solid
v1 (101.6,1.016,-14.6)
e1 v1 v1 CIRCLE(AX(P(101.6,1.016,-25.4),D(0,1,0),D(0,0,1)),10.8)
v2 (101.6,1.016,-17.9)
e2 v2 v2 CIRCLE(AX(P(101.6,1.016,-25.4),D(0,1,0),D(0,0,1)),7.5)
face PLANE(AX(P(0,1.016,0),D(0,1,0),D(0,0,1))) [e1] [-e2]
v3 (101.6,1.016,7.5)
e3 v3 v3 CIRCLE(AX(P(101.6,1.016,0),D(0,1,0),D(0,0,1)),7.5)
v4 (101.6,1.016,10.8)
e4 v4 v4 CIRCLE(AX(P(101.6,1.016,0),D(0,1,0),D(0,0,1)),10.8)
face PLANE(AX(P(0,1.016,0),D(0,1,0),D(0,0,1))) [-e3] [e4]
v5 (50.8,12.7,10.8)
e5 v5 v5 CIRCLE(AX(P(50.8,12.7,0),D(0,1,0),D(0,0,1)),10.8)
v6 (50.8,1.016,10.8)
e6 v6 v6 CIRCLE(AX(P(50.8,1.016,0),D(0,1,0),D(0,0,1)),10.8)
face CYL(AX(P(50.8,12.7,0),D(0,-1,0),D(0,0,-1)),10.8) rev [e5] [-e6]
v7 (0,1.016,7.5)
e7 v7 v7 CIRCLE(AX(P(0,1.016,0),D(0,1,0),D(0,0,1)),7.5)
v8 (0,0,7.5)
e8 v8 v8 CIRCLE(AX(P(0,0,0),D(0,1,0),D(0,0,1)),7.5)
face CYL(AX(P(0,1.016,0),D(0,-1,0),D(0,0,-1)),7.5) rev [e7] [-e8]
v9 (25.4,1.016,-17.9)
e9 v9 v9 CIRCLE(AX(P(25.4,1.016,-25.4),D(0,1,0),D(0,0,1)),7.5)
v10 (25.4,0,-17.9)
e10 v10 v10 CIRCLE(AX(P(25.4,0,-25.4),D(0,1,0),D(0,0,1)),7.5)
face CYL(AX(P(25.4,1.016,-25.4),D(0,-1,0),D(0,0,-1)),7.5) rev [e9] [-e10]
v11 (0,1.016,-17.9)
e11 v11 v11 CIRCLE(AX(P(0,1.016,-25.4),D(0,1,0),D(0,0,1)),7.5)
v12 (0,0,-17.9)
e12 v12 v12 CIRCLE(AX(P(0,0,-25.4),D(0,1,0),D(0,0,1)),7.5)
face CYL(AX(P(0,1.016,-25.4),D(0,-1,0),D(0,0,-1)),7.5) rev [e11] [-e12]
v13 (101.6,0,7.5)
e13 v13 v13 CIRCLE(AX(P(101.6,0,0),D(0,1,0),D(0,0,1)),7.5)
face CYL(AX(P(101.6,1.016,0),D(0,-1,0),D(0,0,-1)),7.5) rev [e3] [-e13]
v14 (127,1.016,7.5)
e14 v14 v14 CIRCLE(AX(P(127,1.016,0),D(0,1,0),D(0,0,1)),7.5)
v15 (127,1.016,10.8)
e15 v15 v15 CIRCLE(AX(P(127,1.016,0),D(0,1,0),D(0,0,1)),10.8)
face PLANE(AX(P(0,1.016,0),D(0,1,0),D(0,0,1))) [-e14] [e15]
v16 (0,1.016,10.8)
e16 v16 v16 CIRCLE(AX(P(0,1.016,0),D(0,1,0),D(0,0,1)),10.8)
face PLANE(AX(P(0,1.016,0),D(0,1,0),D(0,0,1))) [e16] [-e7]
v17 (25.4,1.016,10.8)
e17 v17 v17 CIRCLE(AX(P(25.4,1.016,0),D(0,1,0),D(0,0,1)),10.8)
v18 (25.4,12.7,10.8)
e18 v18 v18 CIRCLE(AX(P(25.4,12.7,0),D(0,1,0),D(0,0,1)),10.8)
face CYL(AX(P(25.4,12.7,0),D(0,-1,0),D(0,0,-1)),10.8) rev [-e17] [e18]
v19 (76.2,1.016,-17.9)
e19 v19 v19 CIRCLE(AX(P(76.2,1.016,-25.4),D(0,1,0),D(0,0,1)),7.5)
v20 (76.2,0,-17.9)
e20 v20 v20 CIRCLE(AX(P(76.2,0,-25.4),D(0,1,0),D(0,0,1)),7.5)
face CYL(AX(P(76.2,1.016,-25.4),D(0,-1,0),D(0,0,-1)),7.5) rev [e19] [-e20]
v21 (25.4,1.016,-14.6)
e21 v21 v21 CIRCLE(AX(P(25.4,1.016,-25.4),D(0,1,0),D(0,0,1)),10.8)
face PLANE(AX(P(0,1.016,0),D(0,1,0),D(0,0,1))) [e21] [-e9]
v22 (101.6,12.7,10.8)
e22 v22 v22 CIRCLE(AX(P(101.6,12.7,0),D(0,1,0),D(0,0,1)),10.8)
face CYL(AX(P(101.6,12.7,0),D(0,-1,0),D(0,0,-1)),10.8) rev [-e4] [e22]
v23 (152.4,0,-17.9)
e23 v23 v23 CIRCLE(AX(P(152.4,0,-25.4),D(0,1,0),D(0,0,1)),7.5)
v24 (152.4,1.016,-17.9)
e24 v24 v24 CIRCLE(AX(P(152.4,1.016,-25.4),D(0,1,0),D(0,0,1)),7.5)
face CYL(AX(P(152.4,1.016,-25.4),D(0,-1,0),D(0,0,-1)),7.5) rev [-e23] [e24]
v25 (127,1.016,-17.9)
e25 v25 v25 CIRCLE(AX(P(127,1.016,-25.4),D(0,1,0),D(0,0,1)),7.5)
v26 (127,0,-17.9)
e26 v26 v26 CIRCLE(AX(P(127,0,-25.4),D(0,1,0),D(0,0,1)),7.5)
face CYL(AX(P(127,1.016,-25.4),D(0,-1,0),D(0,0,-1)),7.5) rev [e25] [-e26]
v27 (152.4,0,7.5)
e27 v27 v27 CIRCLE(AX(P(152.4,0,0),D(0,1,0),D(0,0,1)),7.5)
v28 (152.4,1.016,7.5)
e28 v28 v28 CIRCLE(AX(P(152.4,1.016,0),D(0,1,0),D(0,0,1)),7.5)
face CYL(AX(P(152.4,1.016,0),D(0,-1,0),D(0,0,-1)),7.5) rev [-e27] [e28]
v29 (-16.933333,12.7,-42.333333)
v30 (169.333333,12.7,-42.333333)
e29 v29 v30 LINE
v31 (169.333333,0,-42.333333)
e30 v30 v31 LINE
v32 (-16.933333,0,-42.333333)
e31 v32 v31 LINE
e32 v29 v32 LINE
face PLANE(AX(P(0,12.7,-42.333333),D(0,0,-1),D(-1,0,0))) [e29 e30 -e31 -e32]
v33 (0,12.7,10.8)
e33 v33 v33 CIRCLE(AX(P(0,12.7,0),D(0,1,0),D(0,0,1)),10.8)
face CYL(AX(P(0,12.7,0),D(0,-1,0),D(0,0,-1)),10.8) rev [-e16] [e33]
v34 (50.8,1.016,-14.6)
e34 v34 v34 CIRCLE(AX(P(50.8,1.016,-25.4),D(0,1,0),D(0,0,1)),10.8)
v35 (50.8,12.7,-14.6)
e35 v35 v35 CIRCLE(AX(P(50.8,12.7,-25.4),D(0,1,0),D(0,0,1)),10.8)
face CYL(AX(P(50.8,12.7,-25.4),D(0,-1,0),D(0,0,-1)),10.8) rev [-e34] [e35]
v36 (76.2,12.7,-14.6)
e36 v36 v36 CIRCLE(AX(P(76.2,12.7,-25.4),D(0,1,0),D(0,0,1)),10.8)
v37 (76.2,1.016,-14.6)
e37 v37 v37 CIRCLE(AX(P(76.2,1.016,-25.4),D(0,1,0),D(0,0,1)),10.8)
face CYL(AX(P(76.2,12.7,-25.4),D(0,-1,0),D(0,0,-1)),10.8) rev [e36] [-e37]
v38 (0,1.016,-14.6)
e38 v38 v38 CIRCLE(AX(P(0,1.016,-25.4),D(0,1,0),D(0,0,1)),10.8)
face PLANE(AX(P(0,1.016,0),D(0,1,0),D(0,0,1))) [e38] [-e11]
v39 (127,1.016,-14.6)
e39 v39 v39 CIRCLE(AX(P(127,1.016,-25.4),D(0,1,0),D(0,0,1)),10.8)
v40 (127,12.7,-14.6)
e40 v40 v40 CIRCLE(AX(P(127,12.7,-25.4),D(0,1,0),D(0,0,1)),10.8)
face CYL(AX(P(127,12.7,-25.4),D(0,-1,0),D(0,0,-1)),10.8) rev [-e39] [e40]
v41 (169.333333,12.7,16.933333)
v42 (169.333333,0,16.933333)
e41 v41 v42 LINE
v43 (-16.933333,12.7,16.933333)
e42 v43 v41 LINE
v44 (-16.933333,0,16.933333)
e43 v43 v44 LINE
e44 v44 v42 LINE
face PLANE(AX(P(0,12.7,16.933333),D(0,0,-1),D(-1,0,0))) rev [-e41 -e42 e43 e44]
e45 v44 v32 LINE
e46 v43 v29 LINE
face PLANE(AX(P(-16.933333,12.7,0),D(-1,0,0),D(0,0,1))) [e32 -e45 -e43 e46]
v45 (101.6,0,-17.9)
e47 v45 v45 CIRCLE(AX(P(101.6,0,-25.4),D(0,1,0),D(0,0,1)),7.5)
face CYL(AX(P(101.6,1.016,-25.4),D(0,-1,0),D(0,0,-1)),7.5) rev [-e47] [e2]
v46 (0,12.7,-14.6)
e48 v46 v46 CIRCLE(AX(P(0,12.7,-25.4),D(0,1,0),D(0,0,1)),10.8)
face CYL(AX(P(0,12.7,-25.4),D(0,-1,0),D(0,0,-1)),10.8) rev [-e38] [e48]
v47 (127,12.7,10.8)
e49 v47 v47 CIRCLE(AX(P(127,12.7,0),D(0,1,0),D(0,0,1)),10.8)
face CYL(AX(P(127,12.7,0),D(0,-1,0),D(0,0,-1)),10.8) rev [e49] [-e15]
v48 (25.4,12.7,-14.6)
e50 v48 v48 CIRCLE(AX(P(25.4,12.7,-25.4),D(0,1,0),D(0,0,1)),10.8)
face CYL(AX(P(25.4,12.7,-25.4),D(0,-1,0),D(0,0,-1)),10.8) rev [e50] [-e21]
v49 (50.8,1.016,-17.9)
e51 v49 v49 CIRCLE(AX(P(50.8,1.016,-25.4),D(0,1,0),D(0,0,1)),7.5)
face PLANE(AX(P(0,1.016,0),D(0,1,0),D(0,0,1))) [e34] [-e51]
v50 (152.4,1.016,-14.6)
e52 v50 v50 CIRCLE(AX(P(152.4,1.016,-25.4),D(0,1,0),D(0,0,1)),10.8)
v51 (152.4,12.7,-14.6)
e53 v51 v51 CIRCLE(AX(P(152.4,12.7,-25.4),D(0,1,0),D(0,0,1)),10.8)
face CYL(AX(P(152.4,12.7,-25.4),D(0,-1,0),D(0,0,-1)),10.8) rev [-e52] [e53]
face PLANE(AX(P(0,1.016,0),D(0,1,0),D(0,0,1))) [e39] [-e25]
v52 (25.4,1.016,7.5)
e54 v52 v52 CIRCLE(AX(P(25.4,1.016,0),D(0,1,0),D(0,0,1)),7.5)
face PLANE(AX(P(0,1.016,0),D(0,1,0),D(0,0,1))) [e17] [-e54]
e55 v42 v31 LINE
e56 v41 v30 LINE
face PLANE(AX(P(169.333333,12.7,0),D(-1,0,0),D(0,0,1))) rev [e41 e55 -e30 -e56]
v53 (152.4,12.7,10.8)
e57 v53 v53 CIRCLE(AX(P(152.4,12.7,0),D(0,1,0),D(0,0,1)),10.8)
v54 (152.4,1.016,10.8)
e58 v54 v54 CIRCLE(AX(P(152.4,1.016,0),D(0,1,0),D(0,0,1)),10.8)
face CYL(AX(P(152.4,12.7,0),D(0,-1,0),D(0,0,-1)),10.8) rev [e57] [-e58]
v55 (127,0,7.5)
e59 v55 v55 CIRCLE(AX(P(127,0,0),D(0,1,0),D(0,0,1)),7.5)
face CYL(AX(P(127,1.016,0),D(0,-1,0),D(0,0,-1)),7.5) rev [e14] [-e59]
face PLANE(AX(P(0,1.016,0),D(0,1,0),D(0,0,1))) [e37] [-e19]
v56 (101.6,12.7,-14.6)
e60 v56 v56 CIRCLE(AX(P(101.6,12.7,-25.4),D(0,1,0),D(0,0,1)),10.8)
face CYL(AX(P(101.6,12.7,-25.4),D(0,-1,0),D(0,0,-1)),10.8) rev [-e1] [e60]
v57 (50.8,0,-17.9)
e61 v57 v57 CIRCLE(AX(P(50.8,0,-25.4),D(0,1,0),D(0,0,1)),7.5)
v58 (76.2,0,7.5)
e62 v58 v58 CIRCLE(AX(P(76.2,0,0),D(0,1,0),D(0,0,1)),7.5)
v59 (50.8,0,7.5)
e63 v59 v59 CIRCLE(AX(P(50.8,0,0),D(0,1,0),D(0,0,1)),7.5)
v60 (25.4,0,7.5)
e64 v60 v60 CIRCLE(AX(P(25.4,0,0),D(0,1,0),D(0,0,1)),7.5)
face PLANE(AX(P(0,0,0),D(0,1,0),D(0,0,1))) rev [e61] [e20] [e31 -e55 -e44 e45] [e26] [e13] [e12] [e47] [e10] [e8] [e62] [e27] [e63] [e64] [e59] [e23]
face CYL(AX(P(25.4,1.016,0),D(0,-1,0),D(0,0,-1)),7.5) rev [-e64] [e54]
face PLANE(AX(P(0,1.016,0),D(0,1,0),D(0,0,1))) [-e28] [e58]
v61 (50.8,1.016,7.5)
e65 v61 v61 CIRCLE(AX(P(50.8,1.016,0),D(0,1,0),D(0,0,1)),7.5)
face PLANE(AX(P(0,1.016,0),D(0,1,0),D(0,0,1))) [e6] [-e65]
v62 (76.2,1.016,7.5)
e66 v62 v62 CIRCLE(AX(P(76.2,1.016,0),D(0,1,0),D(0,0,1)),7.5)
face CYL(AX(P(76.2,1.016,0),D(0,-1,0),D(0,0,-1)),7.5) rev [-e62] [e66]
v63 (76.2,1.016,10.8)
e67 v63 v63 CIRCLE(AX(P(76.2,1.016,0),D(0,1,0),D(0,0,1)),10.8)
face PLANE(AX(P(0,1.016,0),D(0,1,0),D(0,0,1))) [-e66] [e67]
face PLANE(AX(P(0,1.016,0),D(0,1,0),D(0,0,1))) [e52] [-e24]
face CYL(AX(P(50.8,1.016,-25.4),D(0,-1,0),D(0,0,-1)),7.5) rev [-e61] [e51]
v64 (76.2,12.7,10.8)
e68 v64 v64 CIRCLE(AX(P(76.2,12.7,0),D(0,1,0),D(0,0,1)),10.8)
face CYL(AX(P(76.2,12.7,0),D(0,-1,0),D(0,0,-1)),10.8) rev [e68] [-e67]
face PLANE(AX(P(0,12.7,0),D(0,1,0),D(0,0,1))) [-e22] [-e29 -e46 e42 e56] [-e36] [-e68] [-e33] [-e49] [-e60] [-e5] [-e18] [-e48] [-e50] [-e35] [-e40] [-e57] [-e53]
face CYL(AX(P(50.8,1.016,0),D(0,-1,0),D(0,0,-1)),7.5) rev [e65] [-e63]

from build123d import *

# Parameters (mm, degrees)
SKETCH1_W           = 186.266666666
SKETCH1_H           = 59.266666666
SKETCH1_R           = 10.8
BOSS_EXTRUDE2_DEPTH = 12.7
SKETCH1_4_R         = 10.8
SKETCH1_4_R_2       = 7.5
BOSS_EXTRUDE3_DEPTH = 1.016


with BuildPart() as part:
    # Sketch1 → Boss-Extrude2 (new body)
    with BuildSketch(Plane(origin=(0, 0, 0), x_dir=(1, 0, 0), z_dir=(0, 1, 0))):
        with Locations((76.2, 12.7)):
            Rectangle(SKETCH1_W, SKETCH1_H)
        Circle(SKETCH1_R, mode=Mode.SUBTRACT)
        with Locations((25.4, 0)):
            Circle(SKETCH1_R, mode=Mode.SUBTRACT)
        with Locations((50.8, 0)):
            Circle(SKETCH1_R, mode=Mode.SUBTRACT)
        with Locations((76.2, 0)):
            Circle(SKETCH1_R, mode=Mode.SUBTRACT)
        with Locations((101.6, 0)):
            Circle(SKETCH1_R, mode=Mode.SUBTRACT)
        with Locations((127, 0)):
            Circle(SKETCH1_R, mode=Mode.SUBTRACT)
        with Locations((152.4, 0)):
            Circle(SKETCH1_R, mode=Mode.SUBTRACT)
        with Locations((0, 25.4)):
            Circle(SKETCH1_R, mode=Mode.SUBTRACT)
        with Locations((25.4, 25.4)):
            Circle(SKETCH1_R, mode=Mode.SUBTRACT)
        with Locations((50.8, 25.4)):
            Circle(SKETCH1_R, mode=Mode.SUBTRACT)
        with Locations((76.2, 25.4)):
            Circle(SKETCH1_R, mode=Mode.SUBTRACT)
        with Locations((101.6, 25.4)):
            Circle(SKETCH1_R, mode=Mode.SUBTRACT)
        with Locations((127, 25.4)):
            Circle(SKETCH1_R, mode=Mode.SUBTRACT)
        with Locations((152.4, 25.4)):
            Circle(SKETCH1_R, mode=Mode.SUBTRACT)
    extrude(amount=BOSS_EXTRUDE2_DEPTH)

    # Sketch1<4> → Boss-Extrude3 (add)
    # profile 1 of 14: a face of its own
    with BuildSketch(Plane(origin=(0, 0, 0), x_dir=(1, 0, 0), z_dir=(0, 1, 0))):
        Circle(SKETCH1_4_R)
        Circle(SKETCH1_4_R_2, mode=Mode.SUBTRACT)
    # profile 2 of 14: a face of its own
    with BuildSketch(Plane(origin=(0, 0, 0), x_dir=(1, 0, 0), z_dir=(0, 1, 0))):
        with Locations((25.4, 0)):
            Circle(SKETCH1_4_R)
        with Locations((25.4, 0)):
            Circle(SKETCH1_4_R_2, mode=Mode.SUBTRACT)
    # profile 3 of 14: a face of its own
    with BuildSketch(Plane(origin=(0, 0, 0), x_dir=(1, 0, 0), z_dir=(0, 1, 0))):
        with Locations((50.8, 0)):
            Circle(SKETCH1_4_R)
        with Locations((50.8, 0)):
            Circle(SKETCH1_4_R_2, mode=Mode.SUBTRACT)
    # profile 4 of 14: a face of its own
    with BuildSketch(Plane(origin=(0, 0, 0), x_dir=(1, 0, 0), z_dir=(0, 1, 0))):
        with Locations((76.2, 0)):
            Circle(SKETCH1_4_R)
        with Locations((76.2, 0)):
            Circle(SKETCH1_4_R_2, mode=Mode.SUBTRACT)
    # profile 5 of 14: a face of its own
    with BuildSketch(Plane(origin=(0, 0, 0), x_dir=(1, 0, 0), z_dir=(0, 1, 0))):
        with Locations((101.6, 0)):
            Circle(SKETCH1_4_R)
        with Locations((101.6, 0)):
            Circle(SKETCH1_4_R_2, mode=Mode.SUBTRACT)
    # profile 6 of 14: a face of its own
    with BuildSketch(Plane(origin=(0, 0, 0), x_dir=(1, 0, 0), z_dir=(0, 1, 0))):
        with Locations((127, 0)):
            Circle(SKETCH1_4_R)
        with Locations((127, 0)):
            Circle(SKETCH1_4_R_2, mode=Mode.SUBTRACT)
    # profile 7 of 14: a face of its own
    with BuildSketch(Plane(origin=(0, 0, 0), x_dir=(1, 0, 0), z_dir=(0, 1, 0))):
        with Locations((152.4, 0)):
            Circle(SKETCH1_4_R)
        with Locations((152.4, 0)):
            Circle(SKETCH1_4_R_2, mode=Mode.SUBTRACT)
    # profile 8 of 14: a face of its own
    with BuildSketch(Plane(origin=(0, 0, 0), x_dir=(1, 0, 0), z_dir=(0, 1, 0))):
        with Locations((25.4, 25.4)):
            Circle(SKETCH1_4_R)
        with Locations((25.4, 25.4)):
            Circle(SKETCH1_4_R_2, mode=Mode.SUBTRACT)
    # profile 9 of 14: a face of its own
    with BuildSketch(Plane(origin=(0, 0, 0), x_dir=(1, 0, 0), z_dir=(0, 1, 0))):
        with Locations((50.8, 25.4)):
            Circle(SKETCH1_4_R)
        with Locations((50.8, 25.4)):
            Circle(SKETCH1_4_R_2, mode=Mode.SUBTRACT)
    # profile 10 of 14: a face of its own
    with BuildSketch(Plane(origin=(0, 0, 0), x_dir=(1, 0, 0), z_dir=(0, 1, 0))):
        with Locations((76.2, 25.4)):
            Circle(SKETCH1_4_R)
        with Locations((76.2, 25.4)):
            Circle(SKETCH1_4_R_2, mode=Mode.SUBTRACT)
    # profile 11 of 14: a face of its own
    with BuildSketch(Plane(origin=(0, 0, 0), x_dir=(1, 0, 0), z_dir=(0, 1, 0))):
        with Locations((101.6, 25.4)):
            Circle(SKETCH1_4_R)
        with Locations((101.6, 25.4)):
            Circle(SKETCH1_4_R_2, mode=Mode.SUBTRACT)
    # profile 12 of 14: a face of its own
    with BuildSketch(Plane(origin=(0, 0, 0), x_dir=(1, 0, 0), z_dir=(0, 1, 0))):
        with Locations((127, 25.4)):
            Circle(SKETCH1_4_R)
        with Locations((127, 25.4)):
            Circle(SKETCH1_4_R_2, mode=Mode.SUBTRACT)
    # profile 13 of 14: a face of its own
    with BuildSketch(Plane(origin=(0, 0, 0), x_dir=(1, 0, 0), z_dir=(0, 1, 0))):
        with Locations((152.4, 25.4)):
            Circle(SKETCH1_4_R)
        with Locations((152.4, 25.4)):
            Circle(SKETCH1_4_R_2, mode=Mode.SUBTRACT)
    # profile 14 of 14: a face of its own
    with BuildSketch(Plane(origin=(0, 0, 0), x_dir=(1, 0, 0), z_dir=(0, 1, 0))):
        with Locations((0, 25.4)):
            Circle(SKETCH1_4_R)
        with Locations((0, 25.4)):
            Circle(SKETCH1_4_R_2, mode=Mode.SUBTRACT)
    extrude(amount=BOSS_EXTRUDE3_DEPTH)


solid = part.part
